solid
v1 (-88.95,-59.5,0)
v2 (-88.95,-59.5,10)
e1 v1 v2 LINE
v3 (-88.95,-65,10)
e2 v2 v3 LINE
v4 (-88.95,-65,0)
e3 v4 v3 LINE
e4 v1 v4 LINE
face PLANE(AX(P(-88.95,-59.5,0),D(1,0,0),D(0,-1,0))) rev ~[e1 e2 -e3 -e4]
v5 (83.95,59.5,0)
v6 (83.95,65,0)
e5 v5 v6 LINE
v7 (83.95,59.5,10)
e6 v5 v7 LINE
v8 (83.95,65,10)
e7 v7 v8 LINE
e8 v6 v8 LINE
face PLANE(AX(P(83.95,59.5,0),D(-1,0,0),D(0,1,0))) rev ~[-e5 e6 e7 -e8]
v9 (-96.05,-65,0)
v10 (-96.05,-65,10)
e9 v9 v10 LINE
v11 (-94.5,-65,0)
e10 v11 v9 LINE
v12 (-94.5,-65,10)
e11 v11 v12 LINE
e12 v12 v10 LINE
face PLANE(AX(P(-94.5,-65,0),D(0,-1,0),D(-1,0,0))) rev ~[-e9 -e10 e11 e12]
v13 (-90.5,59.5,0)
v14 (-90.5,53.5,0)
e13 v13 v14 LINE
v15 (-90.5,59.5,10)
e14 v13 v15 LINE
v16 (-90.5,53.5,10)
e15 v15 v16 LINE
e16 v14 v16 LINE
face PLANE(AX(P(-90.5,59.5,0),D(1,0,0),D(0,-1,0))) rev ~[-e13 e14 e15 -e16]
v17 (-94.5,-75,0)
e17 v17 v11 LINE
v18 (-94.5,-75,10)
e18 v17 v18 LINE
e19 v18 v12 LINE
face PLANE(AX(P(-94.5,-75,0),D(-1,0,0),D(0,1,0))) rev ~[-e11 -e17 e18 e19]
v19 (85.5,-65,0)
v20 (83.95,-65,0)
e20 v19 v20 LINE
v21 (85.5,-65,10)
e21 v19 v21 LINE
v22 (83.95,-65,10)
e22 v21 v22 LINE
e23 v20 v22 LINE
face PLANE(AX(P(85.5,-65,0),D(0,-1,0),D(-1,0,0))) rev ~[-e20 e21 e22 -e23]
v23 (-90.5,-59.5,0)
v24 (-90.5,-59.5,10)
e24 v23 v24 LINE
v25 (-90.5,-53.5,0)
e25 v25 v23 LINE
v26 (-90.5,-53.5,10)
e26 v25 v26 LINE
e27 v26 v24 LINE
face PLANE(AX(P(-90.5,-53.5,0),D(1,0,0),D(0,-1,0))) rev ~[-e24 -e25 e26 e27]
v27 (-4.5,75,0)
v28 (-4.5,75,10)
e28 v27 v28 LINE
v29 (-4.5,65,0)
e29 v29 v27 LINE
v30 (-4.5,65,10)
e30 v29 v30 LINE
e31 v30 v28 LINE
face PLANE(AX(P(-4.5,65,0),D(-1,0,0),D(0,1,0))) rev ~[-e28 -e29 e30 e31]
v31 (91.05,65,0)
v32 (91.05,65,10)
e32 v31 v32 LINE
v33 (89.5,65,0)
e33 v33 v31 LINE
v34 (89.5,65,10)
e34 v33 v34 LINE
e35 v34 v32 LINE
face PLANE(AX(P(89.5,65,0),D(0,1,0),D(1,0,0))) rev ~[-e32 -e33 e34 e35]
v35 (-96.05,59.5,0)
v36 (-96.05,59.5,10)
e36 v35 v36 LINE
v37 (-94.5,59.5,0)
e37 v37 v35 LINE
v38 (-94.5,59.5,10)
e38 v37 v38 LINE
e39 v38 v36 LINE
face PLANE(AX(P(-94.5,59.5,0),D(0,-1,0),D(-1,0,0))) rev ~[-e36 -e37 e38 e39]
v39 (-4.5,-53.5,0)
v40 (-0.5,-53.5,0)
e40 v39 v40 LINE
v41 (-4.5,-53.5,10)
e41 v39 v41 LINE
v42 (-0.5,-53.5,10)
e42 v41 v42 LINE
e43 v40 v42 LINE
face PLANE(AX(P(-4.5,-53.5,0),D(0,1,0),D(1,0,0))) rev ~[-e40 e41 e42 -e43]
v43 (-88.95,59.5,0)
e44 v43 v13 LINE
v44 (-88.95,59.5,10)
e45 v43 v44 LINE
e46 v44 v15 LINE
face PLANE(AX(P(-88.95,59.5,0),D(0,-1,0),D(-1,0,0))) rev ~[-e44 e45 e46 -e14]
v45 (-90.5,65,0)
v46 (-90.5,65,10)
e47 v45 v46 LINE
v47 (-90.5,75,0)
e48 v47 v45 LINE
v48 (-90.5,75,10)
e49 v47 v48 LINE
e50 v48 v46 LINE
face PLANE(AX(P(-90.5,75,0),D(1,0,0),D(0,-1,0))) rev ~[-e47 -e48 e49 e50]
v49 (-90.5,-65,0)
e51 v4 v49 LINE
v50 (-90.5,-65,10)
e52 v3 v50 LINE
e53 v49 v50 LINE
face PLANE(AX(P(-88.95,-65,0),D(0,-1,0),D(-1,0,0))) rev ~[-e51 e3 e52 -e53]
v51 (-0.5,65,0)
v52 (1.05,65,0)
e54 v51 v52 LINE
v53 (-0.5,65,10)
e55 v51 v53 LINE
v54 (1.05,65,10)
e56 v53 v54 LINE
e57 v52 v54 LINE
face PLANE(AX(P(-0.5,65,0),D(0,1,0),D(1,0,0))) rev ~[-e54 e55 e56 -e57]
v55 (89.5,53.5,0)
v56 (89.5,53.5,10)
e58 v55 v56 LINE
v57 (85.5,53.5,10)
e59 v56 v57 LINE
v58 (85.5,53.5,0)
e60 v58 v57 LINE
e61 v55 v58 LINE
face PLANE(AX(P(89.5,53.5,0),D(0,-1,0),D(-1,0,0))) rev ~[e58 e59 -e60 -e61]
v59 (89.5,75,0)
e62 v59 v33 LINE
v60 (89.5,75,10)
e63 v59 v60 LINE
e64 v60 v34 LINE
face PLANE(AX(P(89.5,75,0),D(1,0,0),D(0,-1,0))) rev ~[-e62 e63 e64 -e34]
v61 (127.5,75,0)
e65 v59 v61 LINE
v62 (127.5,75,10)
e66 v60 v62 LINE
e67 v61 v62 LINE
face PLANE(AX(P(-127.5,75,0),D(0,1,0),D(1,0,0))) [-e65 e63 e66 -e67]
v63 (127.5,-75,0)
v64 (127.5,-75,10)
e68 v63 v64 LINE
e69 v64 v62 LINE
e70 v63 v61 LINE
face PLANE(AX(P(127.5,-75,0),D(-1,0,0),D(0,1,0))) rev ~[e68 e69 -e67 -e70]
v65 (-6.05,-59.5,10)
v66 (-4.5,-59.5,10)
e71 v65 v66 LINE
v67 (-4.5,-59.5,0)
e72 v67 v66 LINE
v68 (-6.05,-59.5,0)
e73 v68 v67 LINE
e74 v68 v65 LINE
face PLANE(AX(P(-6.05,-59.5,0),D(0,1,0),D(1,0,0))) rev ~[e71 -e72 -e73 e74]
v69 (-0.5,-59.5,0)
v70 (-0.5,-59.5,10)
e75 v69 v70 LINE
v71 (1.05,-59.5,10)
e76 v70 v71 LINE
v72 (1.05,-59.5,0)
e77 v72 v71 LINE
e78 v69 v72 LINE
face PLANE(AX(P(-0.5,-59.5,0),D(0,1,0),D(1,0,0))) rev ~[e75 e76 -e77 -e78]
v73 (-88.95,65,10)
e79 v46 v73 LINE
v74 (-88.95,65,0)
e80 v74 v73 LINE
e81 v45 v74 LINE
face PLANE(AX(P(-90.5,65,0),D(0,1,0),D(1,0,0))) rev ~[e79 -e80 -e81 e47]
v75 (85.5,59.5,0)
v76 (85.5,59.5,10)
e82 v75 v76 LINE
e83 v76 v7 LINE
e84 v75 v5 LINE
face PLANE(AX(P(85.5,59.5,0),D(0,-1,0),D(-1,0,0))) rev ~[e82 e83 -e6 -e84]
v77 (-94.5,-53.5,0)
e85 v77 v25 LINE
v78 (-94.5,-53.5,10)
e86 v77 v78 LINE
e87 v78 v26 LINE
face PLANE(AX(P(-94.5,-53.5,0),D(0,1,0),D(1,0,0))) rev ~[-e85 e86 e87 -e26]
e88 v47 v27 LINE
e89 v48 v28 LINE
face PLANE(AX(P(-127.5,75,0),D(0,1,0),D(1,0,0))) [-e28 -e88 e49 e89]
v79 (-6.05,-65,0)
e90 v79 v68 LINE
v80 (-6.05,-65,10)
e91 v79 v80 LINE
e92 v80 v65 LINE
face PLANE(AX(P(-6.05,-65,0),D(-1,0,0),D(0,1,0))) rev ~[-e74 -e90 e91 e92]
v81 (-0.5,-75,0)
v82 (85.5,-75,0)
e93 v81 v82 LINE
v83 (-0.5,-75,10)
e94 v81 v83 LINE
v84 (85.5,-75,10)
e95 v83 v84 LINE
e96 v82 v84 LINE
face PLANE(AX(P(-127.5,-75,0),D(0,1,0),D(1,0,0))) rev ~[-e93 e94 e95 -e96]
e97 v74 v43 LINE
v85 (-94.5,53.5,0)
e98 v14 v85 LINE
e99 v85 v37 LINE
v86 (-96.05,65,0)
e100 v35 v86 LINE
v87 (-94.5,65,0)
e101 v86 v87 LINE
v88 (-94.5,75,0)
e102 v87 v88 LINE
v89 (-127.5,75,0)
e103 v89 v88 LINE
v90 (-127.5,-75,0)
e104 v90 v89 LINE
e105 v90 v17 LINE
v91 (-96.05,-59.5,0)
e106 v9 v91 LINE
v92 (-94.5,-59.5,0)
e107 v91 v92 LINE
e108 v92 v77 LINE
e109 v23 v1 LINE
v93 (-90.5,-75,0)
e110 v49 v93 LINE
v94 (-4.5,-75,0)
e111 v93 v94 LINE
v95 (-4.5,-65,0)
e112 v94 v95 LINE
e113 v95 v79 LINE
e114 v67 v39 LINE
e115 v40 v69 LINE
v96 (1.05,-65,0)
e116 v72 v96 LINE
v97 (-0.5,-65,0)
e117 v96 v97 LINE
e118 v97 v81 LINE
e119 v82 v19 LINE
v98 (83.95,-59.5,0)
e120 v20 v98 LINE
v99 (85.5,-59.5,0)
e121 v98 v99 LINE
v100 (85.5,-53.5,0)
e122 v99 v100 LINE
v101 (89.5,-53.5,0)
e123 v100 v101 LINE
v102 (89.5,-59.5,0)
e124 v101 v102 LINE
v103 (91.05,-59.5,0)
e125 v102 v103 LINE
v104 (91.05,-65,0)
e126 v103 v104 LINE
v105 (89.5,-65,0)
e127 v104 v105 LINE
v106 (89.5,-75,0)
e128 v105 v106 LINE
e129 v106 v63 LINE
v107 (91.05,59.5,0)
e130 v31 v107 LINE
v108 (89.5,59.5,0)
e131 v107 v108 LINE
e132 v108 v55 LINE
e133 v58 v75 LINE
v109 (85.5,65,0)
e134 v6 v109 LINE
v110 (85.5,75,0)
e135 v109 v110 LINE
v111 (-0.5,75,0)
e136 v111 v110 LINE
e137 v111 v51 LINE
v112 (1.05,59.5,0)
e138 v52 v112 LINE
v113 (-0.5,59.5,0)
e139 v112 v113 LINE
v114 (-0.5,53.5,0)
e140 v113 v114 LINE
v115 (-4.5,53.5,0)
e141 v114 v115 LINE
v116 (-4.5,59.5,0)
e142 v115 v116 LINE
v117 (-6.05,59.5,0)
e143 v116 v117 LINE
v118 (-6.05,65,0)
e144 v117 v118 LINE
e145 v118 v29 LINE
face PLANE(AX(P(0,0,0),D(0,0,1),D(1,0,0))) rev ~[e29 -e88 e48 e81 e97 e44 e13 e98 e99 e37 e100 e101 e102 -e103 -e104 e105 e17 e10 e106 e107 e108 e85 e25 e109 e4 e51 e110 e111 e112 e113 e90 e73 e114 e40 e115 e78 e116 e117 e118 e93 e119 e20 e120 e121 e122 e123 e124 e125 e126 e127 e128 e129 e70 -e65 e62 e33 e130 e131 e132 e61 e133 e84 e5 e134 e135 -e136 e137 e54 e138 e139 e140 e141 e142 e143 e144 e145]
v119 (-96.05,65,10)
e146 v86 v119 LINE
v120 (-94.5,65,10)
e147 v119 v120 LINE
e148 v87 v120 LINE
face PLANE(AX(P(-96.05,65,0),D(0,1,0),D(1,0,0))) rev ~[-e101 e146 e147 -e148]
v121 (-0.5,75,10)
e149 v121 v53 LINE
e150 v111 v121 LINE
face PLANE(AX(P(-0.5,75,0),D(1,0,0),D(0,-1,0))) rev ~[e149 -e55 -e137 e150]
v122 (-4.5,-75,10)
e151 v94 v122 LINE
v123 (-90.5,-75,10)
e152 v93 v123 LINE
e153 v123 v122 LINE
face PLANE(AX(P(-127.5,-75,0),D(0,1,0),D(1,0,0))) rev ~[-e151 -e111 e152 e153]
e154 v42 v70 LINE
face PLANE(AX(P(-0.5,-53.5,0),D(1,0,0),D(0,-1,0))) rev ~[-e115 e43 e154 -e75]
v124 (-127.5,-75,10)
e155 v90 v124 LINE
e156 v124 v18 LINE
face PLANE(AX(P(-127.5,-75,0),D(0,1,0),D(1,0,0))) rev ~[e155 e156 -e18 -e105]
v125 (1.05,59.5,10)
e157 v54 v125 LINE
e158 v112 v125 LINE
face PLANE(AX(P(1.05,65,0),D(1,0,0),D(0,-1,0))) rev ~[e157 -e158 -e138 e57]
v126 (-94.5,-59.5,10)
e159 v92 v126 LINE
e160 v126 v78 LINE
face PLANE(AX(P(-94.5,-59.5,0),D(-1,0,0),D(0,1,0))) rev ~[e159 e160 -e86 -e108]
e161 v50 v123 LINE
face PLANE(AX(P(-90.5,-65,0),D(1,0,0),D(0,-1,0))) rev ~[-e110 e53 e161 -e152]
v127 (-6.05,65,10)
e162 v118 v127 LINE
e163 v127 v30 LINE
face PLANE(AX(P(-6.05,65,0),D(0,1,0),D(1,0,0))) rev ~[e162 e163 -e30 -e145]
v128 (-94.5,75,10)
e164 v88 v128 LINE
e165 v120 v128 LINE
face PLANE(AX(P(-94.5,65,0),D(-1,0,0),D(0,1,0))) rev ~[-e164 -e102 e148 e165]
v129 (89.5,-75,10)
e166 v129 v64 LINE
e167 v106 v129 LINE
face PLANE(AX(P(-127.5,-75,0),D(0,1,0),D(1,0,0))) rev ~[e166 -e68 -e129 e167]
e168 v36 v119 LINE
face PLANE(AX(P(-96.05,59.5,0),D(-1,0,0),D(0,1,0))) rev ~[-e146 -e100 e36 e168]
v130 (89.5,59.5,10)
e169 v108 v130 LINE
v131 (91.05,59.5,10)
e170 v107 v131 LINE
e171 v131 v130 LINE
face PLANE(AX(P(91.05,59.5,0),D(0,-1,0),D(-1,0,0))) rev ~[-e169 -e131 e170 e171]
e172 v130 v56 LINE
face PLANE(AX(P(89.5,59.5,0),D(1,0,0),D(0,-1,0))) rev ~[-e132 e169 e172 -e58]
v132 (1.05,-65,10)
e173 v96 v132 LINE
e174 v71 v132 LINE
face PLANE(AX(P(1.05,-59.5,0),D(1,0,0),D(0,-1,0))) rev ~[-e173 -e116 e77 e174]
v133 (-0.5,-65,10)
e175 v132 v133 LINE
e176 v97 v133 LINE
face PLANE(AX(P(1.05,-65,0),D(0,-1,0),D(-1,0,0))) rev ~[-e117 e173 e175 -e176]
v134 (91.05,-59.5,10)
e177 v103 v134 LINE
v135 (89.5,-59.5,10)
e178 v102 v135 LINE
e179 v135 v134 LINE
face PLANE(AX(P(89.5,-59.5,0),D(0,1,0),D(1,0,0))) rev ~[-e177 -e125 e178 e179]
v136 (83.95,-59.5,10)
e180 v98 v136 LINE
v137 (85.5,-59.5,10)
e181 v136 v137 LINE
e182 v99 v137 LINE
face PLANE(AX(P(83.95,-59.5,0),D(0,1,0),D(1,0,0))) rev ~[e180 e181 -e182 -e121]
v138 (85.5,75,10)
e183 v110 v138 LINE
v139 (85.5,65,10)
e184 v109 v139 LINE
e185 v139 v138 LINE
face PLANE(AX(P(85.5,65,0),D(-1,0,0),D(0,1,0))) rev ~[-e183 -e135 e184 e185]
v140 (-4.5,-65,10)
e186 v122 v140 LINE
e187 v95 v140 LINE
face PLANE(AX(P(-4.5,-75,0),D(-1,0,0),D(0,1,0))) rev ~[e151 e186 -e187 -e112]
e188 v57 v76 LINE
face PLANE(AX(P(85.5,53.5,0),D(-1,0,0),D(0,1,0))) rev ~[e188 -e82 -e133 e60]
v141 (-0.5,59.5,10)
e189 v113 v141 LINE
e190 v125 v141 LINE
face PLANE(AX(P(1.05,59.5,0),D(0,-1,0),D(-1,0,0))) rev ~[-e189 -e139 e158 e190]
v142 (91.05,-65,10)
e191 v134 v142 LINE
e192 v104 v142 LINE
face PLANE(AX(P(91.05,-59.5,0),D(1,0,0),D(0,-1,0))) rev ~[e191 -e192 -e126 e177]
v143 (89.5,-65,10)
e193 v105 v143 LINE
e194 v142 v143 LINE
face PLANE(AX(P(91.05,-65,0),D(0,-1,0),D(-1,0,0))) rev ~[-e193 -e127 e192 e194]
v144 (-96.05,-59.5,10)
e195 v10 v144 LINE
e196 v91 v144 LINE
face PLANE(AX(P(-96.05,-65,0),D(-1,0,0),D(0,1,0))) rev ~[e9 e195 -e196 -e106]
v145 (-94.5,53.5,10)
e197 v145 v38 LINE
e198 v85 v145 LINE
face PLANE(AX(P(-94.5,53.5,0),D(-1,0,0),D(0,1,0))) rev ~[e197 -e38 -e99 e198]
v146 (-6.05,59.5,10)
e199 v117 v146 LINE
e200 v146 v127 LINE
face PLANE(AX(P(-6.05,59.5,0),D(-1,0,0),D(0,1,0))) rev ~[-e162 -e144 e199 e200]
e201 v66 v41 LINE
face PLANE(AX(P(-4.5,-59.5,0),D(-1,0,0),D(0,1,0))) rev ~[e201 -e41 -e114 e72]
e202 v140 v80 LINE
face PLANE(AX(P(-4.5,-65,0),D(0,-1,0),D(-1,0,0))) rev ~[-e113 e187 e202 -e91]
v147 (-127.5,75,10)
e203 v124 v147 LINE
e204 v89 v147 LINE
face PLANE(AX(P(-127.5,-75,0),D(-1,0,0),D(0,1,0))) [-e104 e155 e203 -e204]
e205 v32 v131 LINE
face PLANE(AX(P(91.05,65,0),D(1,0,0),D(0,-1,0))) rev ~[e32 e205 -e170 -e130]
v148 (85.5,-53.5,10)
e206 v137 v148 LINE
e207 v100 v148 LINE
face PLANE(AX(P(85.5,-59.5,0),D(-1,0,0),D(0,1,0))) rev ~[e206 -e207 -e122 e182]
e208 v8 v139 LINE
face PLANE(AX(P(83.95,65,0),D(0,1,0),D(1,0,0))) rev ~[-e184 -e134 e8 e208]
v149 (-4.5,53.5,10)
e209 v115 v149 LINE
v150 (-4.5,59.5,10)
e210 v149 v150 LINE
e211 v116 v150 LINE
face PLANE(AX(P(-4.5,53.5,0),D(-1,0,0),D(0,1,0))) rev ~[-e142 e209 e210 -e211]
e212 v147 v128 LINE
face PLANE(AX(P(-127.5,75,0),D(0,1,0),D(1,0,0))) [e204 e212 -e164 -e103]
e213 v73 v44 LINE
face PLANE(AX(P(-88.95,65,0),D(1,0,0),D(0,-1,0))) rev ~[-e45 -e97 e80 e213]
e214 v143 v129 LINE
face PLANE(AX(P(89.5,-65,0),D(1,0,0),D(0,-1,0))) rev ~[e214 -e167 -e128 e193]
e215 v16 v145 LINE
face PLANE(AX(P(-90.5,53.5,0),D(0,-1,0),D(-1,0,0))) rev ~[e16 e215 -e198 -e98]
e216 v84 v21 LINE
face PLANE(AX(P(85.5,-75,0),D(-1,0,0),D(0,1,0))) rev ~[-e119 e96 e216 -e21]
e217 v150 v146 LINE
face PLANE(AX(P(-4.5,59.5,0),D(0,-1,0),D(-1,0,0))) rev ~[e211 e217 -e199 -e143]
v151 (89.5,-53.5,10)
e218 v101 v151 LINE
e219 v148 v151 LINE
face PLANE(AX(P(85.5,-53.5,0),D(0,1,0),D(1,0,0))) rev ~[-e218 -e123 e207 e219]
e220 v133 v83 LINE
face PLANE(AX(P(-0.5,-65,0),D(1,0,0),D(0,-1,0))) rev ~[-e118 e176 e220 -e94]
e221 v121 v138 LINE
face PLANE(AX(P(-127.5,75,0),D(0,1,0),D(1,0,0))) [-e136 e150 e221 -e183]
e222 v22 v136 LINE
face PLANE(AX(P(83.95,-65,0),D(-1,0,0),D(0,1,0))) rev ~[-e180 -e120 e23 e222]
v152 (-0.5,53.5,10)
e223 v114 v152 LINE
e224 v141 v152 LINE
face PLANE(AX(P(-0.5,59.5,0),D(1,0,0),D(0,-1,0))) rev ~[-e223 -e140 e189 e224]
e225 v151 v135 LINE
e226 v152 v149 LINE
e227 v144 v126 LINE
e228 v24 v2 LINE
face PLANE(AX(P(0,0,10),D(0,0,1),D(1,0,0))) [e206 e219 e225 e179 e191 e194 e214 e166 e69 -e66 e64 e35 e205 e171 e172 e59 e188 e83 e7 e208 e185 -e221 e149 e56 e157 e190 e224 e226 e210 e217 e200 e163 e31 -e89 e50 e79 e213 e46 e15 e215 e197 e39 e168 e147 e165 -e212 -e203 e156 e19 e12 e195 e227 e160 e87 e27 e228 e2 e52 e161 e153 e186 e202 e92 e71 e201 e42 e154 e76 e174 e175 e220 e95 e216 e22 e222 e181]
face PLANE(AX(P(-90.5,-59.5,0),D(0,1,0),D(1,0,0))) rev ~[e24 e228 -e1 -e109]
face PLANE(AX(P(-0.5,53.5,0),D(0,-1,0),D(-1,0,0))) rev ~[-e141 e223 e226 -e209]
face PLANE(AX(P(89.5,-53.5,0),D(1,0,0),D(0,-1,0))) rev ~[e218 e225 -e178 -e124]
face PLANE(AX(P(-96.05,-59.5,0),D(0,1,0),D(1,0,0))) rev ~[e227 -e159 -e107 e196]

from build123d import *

# Parameters (mm, degrees)
ESQUISSE1_W             = 255
ESQUISSE1_H             = 150
BOSS_EXTRU_1_DEPTH      = 10
ENL_V_MAT_EXTRU_1_DEPTH = 10


with BuildPart() as part:
    # Esquisse1 → Boss.-Extru.1 (new body)
    with BuildSketch(Plane.XY):
        Rectangle(ESQUISSE1_W, ESQUISSE1_H)
    extrude(amount=BOSS_EXTRU_1_DEPTH)

    # Esquisse2 → Enlèv. mat.-Extru.1 (cut)
    with BuildSketch(Plane(origin=(0, 0, 0), x_dir=(-1, 0, 0), z_dir=(0, 0, -1))):
        Polygon((-89.5, 75), (-89.5, 65), (-91.05, 65), (-91.05, 59.5), (-89.5, 59.5), (-89.5, 53.5), (-85.5, 53.5), (-85.5, 59.5), (-83.95, 59.5), (-83.95, 65), (-85.5, 65), (-85.5, 75), align=None)
        Polygon((0.5, 75), (0.5, 65), (-1.05, 65), (-1.05, 59.5), (0.5, 59.5), (0.5, 53.5), (4.5, 53.5), (4.5, 59.5), (6.05, 59.5), (6.05, 65), (4.5, 65), (4.5, 75), align=None)
        Polygon((90.5, 75), (90.5, 65), (88.95, 65), (88.95, 59.5), (90.5, 59.5), (90.5, 53.5), (94.5, 53.5), (94.5, 59.5), (96.05, 59.5), (96.05, 65), (94.5, 65), (94.5, 75), align=None)
        Polygon((94.5, -75), (94.5, -65), (96.05, -65), (96.05, -59.5), (94.5, -59.5), (94.5, -53.5), (90.5, -53.5), (90.5, -59.5), (88.95, -59.5), (88.95, -65), (90.5, -65), (90.5, -75), align=None)
        Polygon((4.5, -75), (4.5, -65), (6.05, -65), (6.05, -59.5), (4.5, -59.5), (4.5, -53.5), (0.5, -53.5), (0.5, -59.5), (-1.05, -59.5), (-1.05, -65), (0.5, -65), (0.5, -75), align=None)
        Polygon((-85.5, -75), (-85.5, -65), (-83.95, -65), (-83.95, -59.5), (-85.5, -59.5), (-85.5, -53.5), (-89.5, -53.5), (-89.5, -59.5), (-91.05, -59.5), (-91.05, -65), (-89.5, -65), (-89.5, -75), align=None)
    extrude(amount=-ENL_V_MAT_EXTRU_1_DEPTH, mode=Mode.SUBTRACT)


solid = part.part
